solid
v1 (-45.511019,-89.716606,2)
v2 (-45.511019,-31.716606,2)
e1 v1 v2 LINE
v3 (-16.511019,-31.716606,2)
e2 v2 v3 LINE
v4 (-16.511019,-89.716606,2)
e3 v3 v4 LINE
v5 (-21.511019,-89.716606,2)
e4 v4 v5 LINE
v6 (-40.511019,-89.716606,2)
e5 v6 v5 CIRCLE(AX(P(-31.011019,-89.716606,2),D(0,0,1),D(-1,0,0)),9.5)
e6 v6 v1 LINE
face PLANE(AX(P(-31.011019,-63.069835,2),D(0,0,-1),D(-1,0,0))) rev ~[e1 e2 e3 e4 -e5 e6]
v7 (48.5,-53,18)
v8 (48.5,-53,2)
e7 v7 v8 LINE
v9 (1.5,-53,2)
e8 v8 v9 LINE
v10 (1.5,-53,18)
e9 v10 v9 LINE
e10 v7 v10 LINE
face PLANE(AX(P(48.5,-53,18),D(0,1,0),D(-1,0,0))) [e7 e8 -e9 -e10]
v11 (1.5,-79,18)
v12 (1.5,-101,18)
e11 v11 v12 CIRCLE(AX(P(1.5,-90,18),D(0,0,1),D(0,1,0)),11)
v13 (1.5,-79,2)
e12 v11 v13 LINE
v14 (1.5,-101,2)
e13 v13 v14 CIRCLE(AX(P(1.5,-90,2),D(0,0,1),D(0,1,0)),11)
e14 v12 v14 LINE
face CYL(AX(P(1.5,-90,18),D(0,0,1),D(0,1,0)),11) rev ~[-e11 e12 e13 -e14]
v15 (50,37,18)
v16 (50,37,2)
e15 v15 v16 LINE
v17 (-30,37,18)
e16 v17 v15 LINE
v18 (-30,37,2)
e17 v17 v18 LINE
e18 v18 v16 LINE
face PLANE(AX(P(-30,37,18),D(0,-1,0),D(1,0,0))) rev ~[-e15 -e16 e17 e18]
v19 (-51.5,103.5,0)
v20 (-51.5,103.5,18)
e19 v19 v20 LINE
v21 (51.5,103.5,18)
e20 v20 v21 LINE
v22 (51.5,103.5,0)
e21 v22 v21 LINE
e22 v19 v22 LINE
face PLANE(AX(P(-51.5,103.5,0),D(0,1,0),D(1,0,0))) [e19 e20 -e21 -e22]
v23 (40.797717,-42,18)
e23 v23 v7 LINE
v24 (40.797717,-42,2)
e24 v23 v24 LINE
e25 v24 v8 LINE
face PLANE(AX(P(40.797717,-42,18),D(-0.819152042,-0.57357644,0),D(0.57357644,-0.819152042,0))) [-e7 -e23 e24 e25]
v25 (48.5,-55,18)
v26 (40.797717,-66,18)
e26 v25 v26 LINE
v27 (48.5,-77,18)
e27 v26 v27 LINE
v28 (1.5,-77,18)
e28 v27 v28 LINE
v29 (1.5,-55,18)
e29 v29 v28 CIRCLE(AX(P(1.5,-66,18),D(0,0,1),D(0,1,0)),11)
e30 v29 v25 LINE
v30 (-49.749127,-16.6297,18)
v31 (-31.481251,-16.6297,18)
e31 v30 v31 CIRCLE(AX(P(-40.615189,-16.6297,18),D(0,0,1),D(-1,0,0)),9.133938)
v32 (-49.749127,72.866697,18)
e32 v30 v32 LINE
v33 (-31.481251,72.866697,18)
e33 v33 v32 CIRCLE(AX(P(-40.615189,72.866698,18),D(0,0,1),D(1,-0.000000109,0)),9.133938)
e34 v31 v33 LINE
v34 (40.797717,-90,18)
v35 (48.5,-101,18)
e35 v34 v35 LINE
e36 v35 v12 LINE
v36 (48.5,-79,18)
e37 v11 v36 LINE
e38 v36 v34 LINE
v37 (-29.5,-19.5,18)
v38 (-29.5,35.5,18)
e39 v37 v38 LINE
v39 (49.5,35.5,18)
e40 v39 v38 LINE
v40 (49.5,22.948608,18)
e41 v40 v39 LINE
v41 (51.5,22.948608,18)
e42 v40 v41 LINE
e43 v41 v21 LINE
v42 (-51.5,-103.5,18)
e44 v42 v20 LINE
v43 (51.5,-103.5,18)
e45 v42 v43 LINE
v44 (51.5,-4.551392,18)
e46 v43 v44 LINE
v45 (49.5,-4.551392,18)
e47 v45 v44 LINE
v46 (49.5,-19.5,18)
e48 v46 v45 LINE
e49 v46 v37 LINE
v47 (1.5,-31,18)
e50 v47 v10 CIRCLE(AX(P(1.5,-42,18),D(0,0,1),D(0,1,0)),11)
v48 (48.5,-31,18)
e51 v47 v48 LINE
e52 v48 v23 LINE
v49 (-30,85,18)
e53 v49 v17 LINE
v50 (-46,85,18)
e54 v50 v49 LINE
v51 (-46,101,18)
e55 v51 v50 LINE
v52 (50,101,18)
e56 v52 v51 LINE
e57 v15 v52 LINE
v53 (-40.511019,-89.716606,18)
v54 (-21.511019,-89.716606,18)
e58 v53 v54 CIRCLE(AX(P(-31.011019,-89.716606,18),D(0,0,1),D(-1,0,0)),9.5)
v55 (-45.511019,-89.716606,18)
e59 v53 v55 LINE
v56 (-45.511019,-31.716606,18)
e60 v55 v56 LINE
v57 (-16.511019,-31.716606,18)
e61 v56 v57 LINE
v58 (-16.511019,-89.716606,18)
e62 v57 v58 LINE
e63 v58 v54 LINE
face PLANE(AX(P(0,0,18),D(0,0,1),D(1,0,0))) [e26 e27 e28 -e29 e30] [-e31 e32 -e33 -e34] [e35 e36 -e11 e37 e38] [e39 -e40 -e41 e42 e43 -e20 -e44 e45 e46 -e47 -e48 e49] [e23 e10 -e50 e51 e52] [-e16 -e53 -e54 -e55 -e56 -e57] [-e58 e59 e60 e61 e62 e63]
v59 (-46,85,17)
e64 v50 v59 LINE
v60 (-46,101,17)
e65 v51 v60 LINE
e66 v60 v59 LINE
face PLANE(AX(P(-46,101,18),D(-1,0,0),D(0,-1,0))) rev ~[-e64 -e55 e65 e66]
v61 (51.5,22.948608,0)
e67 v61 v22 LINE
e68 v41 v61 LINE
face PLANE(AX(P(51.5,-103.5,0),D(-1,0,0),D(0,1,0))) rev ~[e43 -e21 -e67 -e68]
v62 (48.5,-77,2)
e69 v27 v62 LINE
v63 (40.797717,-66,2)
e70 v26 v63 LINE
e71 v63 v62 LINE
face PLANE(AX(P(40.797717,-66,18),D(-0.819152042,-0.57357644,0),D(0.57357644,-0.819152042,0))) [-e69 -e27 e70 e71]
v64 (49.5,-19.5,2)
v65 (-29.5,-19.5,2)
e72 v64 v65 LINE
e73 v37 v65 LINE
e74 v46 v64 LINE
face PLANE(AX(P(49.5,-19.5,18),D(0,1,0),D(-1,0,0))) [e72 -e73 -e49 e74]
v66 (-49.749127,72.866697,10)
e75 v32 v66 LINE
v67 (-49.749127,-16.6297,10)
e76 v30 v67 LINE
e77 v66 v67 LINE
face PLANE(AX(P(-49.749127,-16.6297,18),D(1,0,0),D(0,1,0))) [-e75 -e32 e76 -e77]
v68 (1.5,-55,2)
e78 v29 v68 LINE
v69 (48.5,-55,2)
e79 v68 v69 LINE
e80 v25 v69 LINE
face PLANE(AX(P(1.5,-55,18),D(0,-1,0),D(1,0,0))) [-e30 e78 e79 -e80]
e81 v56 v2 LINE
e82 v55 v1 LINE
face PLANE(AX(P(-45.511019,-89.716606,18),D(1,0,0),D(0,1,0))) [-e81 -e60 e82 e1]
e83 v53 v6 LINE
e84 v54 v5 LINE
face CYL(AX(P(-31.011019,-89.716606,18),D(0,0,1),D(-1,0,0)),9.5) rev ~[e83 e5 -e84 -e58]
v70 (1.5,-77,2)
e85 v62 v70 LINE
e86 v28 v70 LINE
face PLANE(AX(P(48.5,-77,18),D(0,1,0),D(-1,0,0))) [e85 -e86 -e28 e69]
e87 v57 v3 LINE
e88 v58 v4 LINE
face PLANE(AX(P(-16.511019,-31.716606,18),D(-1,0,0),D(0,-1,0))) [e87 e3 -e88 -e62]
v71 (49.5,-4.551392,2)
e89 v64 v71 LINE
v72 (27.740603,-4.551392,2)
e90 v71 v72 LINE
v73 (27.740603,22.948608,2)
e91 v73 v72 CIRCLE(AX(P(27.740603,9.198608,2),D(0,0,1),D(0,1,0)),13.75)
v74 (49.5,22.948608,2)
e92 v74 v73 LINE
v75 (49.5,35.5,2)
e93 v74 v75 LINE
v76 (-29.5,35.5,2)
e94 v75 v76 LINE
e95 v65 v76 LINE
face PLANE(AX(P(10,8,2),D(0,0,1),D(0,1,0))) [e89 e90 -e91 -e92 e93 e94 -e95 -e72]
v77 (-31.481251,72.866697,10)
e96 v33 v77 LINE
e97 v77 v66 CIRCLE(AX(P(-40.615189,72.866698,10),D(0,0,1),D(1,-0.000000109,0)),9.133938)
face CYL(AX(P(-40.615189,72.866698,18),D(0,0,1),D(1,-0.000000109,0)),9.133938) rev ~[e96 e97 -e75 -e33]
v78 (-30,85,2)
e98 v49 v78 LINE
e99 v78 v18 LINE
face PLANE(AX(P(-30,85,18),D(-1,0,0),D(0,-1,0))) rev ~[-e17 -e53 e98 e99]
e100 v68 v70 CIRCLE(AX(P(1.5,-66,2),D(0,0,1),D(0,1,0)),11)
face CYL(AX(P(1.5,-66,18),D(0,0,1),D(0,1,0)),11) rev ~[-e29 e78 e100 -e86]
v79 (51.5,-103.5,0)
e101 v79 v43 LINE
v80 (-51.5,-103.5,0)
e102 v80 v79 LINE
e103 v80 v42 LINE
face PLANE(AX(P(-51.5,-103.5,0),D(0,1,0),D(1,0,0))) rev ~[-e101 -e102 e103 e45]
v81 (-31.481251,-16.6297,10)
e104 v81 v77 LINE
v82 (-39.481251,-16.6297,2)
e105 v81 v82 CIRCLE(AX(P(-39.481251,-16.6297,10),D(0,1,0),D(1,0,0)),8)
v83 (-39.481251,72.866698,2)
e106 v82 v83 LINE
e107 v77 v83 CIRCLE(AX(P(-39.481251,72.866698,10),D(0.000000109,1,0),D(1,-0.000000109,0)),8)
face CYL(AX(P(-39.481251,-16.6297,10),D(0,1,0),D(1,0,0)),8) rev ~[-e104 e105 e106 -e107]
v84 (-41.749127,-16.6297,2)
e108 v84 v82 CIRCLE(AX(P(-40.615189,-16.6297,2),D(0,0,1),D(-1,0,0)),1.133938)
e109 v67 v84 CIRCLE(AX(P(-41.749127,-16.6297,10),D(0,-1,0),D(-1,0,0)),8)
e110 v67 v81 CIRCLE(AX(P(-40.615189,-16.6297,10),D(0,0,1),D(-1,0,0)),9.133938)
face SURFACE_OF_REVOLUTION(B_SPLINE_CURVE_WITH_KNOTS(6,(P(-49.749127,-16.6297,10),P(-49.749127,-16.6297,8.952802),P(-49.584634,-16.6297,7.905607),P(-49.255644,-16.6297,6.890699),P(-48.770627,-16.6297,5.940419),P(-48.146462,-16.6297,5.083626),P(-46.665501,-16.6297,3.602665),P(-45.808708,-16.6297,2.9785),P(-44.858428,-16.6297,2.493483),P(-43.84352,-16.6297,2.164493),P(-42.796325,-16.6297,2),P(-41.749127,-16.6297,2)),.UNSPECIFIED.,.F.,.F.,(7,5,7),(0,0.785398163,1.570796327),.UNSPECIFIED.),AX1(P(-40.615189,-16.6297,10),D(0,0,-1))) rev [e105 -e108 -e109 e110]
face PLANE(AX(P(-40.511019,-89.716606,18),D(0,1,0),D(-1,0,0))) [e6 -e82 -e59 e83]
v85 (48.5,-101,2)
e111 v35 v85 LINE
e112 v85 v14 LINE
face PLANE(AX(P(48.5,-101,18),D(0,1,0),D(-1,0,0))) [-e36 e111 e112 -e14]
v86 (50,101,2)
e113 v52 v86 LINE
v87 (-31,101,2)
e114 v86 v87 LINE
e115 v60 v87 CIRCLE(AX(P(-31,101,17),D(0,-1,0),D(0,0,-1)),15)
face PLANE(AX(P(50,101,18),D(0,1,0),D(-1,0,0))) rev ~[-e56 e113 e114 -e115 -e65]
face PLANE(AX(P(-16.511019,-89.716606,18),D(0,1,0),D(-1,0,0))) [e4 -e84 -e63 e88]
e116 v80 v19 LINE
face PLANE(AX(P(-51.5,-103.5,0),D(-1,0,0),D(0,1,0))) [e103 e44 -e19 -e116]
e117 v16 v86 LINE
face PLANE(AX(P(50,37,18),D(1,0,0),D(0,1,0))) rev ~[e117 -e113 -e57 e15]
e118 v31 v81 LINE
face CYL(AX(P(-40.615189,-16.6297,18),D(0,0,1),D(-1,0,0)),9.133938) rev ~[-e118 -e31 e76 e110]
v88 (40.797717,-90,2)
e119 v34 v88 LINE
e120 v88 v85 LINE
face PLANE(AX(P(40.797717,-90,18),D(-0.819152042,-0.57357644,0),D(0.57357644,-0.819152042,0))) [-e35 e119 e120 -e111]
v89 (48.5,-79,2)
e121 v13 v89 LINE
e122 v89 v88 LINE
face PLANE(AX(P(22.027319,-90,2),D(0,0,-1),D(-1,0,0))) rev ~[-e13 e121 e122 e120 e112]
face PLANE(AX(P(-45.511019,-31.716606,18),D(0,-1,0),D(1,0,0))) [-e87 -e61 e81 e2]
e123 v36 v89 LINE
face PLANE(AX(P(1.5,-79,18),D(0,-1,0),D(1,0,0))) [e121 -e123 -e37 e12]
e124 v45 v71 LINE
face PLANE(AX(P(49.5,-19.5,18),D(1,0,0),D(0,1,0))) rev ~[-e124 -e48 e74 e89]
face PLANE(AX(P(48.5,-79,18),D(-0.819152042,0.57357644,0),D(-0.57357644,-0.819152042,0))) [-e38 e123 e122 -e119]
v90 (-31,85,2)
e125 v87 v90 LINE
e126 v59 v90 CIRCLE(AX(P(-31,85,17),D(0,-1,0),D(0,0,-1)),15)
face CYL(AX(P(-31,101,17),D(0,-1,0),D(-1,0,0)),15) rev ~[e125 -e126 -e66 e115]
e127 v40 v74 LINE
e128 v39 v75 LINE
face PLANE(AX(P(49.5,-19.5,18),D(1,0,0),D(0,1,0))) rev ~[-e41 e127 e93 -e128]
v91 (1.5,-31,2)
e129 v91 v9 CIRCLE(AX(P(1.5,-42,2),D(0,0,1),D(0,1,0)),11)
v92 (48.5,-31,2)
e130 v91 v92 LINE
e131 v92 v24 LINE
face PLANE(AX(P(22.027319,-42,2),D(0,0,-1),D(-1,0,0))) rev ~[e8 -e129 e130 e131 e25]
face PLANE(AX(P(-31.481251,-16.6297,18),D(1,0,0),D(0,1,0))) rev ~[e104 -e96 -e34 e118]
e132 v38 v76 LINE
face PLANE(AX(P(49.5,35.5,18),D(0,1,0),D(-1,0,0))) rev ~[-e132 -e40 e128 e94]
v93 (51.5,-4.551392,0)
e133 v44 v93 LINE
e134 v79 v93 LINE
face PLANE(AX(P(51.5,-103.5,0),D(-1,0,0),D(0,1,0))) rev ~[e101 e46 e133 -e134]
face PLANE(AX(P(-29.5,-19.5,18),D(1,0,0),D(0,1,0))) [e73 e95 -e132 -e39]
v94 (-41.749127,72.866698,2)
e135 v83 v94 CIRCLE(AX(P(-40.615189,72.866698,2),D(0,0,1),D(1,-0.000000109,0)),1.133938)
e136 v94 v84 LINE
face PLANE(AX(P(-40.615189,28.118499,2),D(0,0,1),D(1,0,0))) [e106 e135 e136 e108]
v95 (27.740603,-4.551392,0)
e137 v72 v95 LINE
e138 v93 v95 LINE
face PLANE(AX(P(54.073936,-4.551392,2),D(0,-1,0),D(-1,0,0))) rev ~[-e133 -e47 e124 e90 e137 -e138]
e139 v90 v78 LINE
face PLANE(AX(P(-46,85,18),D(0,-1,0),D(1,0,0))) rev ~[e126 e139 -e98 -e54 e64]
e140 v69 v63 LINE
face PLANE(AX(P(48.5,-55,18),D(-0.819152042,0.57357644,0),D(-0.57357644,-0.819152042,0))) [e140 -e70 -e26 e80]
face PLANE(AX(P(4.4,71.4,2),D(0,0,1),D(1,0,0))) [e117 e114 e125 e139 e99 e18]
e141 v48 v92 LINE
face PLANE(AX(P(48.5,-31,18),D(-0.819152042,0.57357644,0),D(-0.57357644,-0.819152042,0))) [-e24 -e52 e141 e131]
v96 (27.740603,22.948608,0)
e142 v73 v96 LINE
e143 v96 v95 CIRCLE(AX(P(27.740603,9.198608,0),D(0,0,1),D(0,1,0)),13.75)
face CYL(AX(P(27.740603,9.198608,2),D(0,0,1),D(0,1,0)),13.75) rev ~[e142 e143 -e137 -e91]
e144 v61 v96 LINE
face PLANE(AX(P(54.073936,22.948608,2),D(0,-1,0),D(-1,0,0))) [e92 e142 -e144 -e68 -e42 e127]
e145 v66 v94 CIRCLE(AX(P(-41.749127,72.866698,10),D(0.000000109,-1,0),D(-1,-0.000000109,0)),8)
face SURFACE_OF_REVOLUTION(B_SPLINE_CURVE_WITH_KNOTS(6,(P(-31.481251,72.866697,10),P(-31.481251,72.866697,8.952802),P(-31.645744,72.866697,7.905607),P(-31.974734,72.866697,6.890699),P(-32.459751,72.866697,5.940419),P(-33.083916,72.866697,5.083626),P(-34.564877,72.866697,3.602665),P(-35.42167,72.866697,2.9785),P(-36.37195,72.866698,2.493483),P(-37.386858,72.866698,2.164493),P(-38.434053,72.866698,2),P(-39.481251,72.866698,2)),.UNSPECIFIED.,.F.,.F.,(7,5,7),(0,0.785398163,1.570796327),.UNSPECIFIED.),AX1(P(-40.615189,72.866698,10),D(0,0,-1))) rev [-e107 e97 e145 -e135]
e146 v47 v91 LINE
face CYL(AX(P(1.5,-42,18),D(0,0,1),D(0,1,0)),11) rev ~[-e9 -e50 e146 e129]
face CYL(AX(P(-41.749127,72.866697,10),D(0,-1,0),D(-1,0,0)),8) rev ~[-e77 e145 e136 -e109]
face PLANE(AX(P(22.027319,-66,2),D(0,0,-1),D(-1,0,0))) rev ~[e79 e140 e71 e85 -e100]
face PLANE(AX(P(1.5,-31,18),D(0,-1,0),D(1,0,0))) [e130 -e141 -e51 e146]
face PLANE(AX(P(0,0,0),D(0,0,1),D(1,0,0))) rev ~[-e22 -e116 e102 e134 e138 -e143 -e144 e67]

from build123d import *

# Parameters (mm, degrees)
SKETCH032_W            = 103
SKETCH032_H            = 207
PAD009_DEPTH           = 18
POCKET017_DEPTH        = 16
SKETCH034_W            = 55
SKETCH034_H            = 79
POCKET018_DEPTH        = 16
POCKET019_DEPTH        = 16
LINEARPATTERN002_COUNT = 3
LINEARPATTERN002_PITCH = 24
POCKET020_DEPTH        = 16
POCKET021_DEPTH        = 16
FILLET008_R            = 8
FILLET009_R            = 15
POCKET022_DEPTH        = 5
POCKET022_DEPTH_BACK   = 100


with BuildPart() as part:
    # Sketch032 → Pad009 (new body)
    with BuildSketch(Plane.XY):
        Rectangle(SKETCH032_W, SKETCH032_H)
    extrude(amount=PAD009_DEPTH)

    # Sketch029 (on Face6 of Pad009) → Pocket017 (cut)
    with BuildSketch(Plane(origin=(10, 69, 18), x_dir=(1, 0, 0), z_dir=(0, 0, 1))):
        Polygon((-40, -32), (40, -32), (40, 32), (-40, 32), (-56, 32), (-56, 16), (-40, 16), align=None)
    extrude(amount=-POCKET017_DEPTH, mode=Mode.SUBTRACT)

    # Sketch034 → Pocket018 (cut)
    with BuildSketch(Plane(origin=(-52, 30, 18), x_dir=(0, 1, 0), z_dir=(0, 0, 1))):
        with Locations((-22, -62)):
            Rectangle(SKETCH034_W, SKETCH034_H)
    extrude(amount=-POCKET018_DEPTH, mode=Mode.SUBTRACT)

    # Sketch030 → Pocket019 (cut)
    with BuildSketch(Plane(origin=(25, -90, 18), x_dir=(1, 0, 0), z_dir=(0, 0, 1))):
        with BuildLine():
            Line((-23.5, 11), (23.5, 11))
            Line((23.5, 11), (15.797717, 0))
            Line((15.797717, 0), (23.5, -11))
            Line((23.5, -11), (-23.5, -11))
            ThreePointArc((-23.5, 11), (-34.5, 0), (-23.5, -11))
        make_face()
    pocket019 = extrude(amount=-POCKET019_DEPTH, mode=Mode.SUBTRACT)

    # LinearPattern002: Pocket019 ×3
    with Locations(*[(0, i * LINEARPATTERN002_PITCH, 0) for i in range(1, LINEARPATTERN002_COUNT)]):
        add(pocket019, mode=Mode.SUBTRACT)

    # Sketch031 → Pocket020 (cut)
    with BuildSketch(Plane(origin=(-68, -55, 18), x_dir=(1, 0, 0), z_dir=(0, 0, 1))):
        with BuildLine():
            Line((51.488981, 23.283394), (51.488981, -34.716606))
            Line((51.488981, -34.716606), (46.488981, -34.716606))
            ThreePointArc((27.488981, -34.716606), (36.988981, -44.216606), (46.488981, -34.716606))
            Line((27.488981, -34.716606), (22.488981, -34.716606))
            Line((22.488981, -34.716606), (22.488981, 23.283394))
            Line((22.488981, 23.283394), (51.488981, 23.283394))
        make_face()
    extrude(amount=-POCKET020_DEPTH, mode=Mode.SUBTRACT)

    # Sketch033 → Pocket021 (cut)
    with BuildSketch(Plane(origin=(-60, 120, 18), x_dir=(1, 0, 0), z_dir=(0, 0, 1))):
        with BuildLine():
            ThreePointArc((10.250873, -136.6297), (19.384811, -145.763638), (28.518749, -136.6297))
            Line((28.518749, -136.6297), (28.518749, -47.133303))
            ThreePointArc((28.518749, -47.133303), (19.384811, -37.999364), (10.250873, -47.133303))
            Line((10.250873, -136.6297), (10.250873, -47.133303))
        make_face()
    extrude(amount=-POCKET021_DEPTH, mode=Mode.SUBTRACT)

    # Fillet008
    fillet008_edges = [part.edges().sort_by_distance(p)[0] for p in [
        (-40.615189, 82.000636, 2),
    ]]
    fillet(fillet008_edges, radius=FILLET008_R)

    # Fillet009
    fillet009_edges = [part.edges().sort_by_distance(p)[0] for p in [
        (-46, 93, 2),
    ]]
    fillet(fillet009_edges, radius=FILLET009_R)

    # Sketch035 → Pocket022 (cut, two sides)
    with BuildSketch(Plane(origin=(50, -35, 2), x_dir=(0, 1, 0), z_dir=(0, 0, 1))) as pocket022_sk:
        with BuildLine():
            ThreePointArc((30.448608, -4.073936), (44.198608, -17.823936), (57.948608, -4.073936))
            Line((57.948608, -4.073936), (57.948608, 22.259397))
            ThreePointArc((57.948608, 22.259397), (44.198608, 36.009397), (30.448608, 22.259397))
            Line((30.448608, -4.073936), (30.448608, 22.259397))
        make_face()
    extrude(amount=-POCKET022_DEPTH, mode=Mode.SUBTRACT)
    extrude(pocket022_sk.sketch, amount=POCKET022_DEPTH_BACK, mode=Mode.SUBTRACT)


solid = part.part
